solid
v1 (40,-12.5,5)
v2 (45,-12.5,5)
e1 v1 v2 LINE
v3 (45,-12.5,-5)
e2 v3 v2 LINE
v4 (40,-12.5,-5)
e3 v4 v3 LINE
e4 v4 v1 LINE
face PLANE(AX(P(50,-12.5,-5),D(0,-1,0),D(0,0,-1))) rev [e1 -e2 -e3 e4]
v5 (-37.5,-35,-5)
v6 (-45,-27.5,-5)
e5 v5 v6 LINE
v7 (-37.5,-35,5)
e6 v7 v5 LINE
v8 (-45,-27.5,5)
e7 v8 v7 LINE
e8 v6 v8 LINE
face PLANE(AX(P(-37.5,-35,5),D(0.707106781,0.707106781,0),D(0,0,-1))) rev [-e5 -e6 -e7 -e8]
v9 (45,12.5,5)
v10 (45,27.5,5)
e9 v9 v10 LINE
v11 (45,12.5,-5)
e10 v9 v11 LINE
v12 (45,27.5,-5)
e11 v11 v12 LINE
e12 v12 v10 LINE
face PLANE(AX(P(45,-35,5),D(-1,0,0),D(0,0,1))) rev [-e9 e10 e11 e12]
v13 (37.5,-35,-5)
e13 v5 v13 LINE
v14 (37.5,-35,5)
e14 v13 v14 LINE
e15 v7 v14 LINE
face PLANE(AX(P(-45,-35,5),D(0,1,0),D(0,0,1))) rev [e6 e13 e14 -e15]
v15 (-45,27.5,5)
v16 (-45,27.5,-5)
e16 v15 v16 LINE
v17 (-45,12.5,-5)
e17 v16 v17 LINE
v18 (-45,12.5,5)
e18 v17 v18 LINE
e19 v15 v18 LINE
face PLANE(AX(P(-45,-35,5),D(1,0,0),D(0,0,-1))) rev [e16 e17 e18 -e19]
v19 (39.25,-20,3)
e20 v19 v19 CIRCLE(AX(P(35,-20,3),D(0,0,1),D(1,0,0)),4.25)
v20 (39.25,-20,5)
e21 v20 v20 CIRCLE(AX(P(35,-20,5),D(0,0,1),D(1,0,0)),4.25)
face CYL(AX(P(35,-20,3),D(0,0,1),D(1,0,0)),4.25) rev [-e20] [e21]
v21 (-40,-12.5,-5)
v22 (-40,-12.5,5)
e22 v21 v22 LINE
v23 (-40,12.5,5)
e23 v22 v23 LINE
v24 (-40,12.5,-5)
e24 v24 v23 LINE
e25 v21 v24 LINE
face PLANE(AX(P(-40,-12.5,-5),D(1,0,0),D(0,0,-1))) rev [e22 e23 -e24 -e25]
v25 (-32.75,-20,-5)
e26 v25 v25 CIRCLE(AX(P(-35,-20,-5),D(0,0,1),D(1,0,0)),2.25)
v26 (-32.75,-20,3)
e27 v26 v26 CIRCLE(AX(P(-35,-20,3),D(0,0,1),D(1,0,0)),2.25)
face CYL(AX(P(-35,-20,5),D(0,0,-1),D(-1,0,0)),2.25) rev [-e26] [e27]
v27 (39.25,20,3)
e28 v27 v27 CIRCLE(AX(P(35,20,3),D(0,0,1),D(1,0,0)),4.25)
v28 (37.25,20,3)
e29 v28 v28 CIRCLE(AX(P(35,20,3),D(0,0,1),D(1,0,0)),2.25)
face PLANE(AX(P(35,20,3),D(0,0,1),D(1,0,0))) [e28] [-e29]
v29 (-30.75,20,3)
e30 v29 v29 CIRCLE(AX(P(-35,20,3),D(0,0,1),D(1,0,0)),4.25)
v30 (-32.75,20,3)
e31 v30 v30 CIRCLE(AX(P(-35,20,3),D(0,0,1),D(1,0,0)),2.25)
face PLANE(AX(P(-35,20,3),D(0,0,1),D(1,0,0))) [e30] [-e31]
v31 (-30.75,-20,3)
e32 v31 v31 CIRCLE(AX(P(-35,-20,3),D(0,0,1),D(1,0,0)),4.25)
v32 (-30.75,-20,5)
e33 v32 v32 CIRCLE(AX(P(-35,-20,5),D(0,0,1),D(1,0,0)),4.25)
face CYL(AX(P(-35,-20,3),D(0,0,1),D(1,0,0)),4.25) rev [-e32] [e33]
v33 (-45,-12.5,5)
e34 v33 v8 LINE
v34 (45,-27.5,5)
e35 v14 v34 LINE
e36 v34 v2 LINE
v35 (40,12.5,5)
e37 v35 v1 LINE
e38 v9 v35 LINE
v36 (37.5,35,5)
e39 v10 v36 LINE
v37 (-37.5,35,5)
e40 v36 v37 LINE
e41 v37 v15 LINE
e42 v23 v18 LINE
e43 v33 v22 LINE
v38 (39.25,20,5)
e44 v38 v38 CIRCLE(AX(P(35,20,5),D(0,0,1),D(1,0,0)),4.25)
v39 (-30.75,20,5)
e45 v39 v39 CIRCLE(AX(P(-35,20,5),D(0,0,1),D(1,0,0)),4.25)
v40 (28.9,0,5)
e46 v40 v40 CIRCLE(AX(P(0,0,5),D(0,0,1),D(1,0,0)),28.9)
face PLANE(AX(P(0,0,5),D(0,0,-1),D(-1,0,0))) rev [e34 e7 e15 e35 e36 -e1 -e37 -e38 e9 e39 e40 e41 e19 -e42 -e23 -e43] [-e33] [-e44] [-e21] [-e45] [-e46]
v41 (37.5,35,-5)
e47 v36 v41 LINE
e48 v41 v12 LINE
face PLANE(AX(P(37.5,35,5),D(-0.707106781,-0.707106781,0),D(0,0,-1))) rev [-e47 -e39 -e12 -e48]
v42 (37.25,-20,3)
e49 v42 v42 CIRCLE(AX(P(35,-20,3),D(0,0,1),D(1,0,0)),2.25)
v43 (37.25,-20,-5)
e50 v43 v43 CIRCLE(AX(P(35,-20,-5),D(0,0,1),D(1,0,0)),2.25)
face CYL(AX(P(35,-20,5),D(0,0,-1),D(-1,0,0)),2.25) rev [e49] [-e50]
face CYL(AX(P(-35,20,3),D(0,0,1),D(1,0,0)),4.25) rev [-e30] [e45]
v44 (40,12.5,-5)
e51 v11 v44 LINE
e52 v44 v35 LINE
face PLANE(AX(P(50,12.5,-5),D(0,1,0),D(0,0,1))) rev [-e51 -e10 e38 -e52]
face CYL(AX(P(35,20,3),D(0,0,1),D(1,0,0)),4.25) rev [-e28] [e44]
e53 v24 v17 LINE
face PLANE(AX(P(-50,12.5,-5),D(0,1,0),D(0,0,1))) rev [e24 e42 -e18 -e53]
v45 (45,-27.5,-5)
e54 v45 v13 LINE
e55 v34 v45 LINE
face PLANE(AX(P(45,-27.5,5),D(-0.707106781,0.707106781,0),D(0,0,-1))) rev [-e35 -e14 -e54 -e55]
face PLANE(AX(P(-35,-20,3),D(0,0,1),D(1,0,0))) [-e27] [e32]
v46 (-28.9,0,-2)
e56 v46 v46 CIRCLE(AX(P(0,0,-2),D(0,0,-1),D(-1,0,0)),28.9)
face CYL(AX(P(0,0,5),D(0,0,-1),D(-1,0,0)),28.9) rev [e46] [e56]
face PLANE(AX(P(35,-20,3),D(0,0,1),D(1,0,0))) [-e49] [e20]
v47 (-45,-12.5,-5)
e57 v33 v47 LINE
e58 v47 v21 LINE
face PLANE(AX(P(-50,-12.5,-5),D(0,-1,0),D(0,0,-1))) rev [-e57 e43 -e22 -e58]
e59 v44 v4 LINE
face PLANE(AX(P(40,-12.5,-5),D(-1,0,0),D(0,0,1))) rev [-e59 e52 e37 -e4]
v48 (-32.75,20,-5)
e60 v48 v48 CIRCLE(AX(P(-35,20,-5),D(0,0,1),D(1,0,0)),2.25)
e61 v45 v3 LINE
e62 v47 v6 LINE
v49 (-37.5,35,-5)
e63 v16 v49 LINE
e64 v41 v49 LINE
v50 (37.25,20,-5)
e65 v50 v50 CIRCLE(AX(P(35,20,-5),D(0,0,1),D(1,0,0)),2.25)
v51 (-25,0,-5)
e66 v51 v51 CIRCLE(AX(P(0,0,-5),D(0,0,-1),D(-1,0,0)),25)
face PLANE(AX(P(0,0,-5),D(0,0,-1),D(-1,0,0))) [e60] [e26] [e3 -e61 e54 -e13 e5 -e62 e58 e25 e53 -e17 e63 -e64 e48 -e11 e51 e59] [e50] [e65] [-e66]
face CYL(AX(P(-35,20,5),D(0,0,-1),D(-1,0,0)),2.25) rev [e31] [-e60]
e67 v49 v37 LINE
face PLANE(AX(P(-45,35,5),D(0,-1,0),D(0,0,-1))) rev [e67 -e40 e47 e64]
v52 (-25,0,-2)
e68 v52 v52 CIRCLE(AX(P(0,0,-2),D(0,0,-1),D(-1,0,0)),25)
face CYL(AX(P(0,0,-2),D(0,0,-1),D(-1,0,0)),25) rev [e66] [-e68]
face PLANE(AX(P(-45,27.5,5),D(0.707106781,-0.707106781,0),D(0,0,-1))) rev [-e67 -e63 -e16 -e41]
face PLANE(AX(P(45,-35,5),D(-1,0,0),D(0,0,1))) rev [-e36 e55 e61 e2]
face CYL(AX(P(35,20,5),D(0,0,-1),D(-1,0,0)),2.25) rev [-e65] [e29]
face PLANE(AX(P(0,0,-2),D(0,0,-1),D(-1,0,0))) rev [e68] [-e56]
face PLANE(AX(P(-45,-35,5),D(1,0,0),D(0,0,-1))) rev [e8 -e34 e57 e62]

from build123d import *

# Parameters (mm, degrees)
CROQUIS1_W              = 90
CROQUIS1_H              = 70
CROQUIS1_R              = 28.9
CROQUIS1_R_2            = 2.25
SALIENTE_EXTRUIR1_DEPTH = 5
CROQUIS2_R              = 28.9
CROQUIS2_R_2            = 25
SALIENTE_EXTRUIR2_DEPTH = 3
CROQUIS3_R              = 4.25
CORTAR_EXTRUIR1_DEPTH   = 2
CROQUIS4_W              = 10
CROQUIS4_H              = 25
CORTAR_EXTRUIR2_DEPTH   = 58.879184514
CHAFL_N2_SIZE           = 7.5


with BuildPart() as part:
    # Croquis1 → Saliente-Extruir1 (new, symmetric)
    with BuildSketch(Plane.XY):
        Rectangle(CROQUIS1_W, CROQUIS1_H)
        Circle(CROQUIS1_R, mode=Mode.SUBTRACT)
        with Locations((35, 20)):
            Circle(CROQUIS1_R_2, mode=Mode.SUBTRACT)
        with Locations((35, -20)):
            Circle(CROQUIS1_R_2, mode=Mode.SUBTRACT)
        with Locations((-35, -20)):
            Circle(CROQUIS1_R_2, mode=Mode.SUBTRACT)
        with Locations((-35, 20)):
            Circle(CROQUIS1_R_2, mode=Mode.SUBTRACT)
    extrude(amount=SALIENTE_EXTRUIR1_DEPTH, both=True)

    # Croquis2 → Saliente-Extruir2 (add)
    with BuildSketch(Plane(origin=(0, 0, -5), x_dir=(-1, 0, 0), z_dir=(0, 0, -1))):
        Circle(CROQUIS2_R)
        Circle(CROQUIS2_R_2, mode=Mode.SUBTRACT)
    extrude(amount=-SALIENTE_EXTRUIR2_DEPTH)

    # Croquis3 → Cortar-Extruir1 (cut)
    with BuildSketch(Plane.XY.offset(5)):
        with Locations((-35, 20)):
            Circle(CROQUIS3_R)
        with Locations((35, 20)):
            Circle(CROQUIS3_R)
        with Locations((35, -20)):
            Circle(CROQUIS3_R)
        with Locations((-35, -20)):
            Circle(CROQUIS3_R)
    extrude(amount=-CORTAR_EXTRUIR1_DEPTH, mode=Mode.SUBTRACT)

    # Croquis4 → Cortar-Extruir2 (cut, through all)
    with BuildSketch(Plane.XY.offset(5)):
        with Locations((-45, 0)):
            Rectangle(CROQUIS4_W, CROQUIS4_H)
        with Locations((45, 0)):
            Rectangle(CROQUIS4_W, CROQUIS4_H)
    extrude(amount=-CORTAR_EXTRUIR2_DEPTH, mode=Mode.SUBTRACT)

    # Chaflán2
    chafl_n2_edges = [part.edges().sort_by_distance(p)[0] for p in [
        (45, -35, 0),
        (-45, -35, 0),
        (-45, 35, 0),
        (45, 35, 0),
    ]]
    chamfer(chafl_n2_edges, length=CHAFL_N2_SIZE)


solid = part.part
